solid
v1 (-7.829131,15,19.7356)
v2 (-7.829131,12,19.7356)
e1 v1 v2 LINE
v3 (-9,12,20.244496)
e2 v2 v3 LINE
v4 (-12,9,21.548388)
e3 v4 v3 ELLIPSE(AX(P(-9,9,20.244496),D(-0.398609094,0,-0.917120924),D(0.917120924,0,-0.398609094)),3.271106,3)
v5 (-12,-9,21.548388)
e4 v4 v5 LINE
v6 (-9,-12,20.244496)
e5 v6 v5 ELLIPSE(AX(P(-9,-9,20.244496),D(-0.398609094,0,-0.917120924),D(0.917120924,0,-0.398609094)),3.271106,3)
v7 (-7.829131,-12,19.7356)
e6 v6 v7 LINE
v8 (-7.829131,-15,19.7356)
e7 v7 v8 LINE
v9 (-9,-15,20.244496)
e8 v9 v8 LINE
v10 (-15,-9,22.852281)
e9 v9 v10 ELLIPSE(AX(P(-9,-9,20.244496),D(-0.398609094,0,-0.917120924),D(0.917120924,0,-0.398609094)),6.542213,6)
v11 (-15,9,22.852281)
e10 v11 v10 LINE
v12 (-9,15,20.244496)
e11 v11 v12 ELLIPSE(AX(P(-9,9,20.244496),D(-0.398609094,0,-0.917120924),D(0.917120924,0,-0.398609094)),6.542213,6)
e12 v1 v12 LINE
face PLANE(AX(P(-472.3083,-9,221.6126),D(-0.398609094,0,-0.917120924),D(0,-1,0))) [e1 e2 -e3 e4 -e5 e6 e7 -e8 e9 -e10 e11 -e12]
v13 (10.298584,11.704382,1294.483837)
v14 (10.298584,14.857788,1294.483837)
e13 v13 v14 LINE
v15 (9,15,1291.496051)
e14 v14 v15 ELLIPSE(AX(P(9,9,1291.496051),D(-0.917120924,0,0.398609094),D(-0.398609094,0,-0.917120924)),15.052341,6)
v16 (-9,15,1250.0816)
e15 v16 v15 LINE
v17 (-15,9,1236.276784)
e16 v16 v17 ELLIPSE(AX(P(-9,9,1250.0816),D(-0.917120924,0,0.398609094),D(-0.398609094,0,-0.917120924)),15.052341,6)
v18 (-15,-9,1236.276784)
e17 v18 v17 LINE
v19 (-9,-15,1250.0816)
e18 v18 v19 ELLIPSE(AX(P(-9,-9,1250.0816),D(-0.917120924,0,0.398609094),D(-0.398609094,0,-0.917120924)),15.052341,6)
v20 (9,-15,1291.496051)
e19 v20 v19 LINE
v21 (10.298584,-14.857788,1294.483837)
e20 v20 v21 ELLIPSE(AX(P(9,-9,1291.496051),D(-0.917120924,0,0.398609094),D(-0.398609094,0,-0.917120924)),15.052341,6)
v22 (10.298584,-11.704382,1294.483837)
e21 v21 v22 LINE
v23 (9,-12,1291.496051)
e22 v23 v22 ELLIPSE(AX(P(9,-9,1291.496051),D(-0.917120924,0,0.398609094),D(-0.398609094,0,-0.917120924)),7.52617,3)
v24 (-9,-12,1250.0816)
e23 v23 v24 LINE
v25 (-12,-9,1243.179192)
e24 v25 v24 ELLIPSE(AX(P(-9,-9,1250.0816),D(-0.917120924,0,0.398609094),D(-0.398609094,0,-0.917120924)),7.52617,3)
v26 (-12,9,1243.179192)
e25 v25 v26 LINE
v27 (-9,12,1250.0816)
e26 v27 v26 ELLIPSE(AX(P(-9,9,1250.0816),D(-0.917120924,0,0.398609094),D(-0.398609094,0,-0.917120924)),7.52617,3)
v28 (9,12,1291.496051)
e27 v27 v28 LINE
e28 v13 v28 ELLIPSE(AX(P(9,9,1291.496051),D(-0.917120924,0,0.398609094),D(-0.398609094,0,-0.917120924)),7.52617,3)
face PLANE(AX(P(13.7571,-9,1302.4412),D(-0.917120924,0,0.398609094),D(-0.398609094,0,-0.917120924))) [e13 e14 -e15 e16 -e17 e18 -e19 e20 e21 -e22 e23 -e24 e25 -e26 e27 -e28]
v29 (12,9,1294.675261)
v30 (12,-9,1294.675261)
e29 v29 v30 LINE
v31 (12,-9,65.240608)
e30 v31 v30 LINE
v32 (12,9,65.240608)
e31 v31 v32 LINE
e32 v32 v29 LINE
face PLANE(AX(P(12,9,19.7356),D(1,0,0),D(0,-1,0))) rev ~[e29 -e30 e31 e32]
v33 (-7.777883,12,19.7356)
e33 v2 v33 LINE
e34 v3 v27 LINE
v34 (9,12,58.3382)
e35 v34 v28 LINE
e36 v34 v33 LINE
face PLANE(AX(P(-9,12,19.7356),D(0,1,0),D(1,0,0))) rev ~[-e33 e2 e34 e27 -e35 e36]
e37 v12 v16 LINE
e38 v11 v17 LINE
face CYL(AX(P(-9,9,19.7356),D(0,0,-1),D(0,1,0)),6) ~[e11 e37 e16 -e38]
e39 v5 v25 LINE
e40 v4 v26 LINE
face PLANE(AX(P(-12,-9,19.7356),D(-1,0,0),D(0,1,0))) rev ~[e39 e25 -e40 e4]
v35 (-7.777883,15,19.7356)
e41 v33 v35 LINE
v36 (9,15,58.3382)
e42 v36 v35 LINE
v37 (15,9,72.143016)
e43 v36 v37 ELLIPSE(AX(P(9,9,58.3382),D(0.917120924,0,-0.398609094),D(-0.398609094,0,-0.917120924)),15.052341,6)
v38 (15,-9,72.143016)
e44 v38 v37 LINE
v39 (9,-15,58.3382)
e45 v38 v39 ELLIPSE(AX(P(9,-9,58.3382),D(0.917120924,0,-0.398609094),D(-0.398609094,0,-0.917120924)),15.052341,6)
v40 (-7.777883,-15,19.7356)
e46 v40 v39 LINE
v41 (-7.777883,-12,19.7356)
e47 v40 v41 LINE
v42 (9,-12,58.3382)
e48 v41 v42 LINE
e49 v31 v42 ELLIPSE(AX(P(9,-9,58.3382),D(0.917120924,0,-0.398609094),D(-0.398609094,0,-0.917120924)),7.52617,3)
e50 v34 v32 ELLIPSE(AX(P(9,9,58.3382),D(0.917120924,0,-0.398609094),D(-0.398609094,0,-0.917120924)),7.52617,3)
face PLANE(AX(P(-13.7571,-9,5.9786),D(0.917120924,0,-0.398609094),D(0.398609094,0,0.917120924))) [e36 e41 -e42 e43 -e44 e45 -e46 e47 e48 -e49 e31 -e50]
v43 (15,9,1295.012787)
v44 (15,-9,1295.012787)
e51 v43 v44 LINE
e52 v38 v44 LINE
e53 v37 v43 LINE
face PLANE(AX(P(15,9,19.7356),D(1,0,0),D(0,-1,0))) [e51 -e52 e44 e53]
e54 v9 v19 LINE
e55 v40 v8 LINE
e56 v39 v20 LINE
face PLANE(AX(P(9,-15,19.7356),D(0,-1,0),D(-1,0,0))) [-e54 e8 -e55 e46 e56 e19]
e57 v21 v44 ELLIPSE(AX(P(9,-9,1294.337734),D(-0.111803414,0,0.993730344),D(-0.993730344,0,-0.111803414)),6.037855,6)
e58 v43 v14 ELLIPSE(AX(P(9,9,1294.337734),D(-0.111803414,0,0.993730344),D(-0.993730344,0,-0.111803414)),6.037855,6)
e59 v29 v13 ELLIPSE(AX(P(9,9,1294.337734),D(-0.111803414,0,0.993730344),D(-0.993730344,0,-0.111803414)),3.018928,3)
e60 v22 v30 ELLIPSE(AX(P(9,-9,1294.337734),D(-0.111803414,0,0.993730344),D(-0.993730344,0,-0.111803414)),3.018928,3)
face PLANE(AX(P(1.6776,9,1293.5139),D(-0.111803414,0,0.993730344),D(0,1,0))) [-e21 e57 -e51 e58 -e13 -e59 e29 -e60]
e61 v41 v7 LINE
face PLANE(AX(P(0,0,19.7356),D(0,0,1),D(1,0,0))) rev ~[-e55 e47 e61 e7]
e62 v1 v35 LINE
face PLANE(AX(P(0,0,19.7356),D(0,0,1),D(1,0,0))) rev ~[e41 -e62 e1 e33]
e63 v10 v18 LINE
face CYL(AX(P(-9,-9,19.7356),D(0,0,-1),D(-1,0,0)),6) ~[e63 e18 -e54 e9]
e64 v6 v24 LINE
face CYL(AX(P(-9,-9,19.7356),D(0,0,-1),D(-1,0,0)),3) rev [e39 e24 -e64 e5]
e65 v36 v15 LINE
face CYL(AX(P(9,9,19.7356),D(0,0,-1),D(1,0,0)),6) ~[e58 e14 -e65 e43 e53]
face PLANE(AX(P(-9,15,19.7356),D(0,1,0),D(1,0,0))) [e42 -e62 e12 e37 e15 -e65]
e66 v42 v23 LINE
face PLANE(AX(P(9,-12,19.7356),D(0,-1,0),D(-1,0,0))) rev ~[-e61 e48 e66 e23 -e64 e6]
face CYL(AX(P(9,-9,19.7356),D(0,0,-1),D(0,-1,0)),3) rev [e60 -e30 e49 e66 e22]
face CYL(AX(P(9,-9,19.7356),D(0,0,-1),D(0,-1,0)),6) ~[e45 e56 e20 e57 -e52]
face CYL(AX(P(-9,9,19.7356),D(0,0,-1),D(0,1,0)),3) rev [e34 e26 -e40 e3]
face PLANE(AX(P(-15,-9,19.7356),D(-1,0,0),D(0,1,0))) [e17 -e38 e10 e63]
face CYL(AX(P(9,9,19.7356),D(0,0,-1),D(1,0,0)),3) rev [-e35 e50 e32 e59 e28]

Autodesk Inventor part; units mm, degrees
ref_plane "Start Plane" through (0, 0, 19.7356) normal (0, 0, 1) x (1, 0, 0)
ref_plane "End Plane" through (0, 0, 1295.0132) normal (0, 0, 1) x (1, 0, 0)
sketch "Sketch" plane through (0, 0, 0) normal (0, 0, 1) x (1, 0, 0)
  line L0 (-15, -9) -> (-15, 9)
  line L1 (-9, 15) -> (9, 15)
  line L2 (15, 9) -> (15, -9)
  line L3 (9, -15) -> (-9, -15)
  arc A0 (-15, -9) -> (-9, -15) centre (-9, -9) ccw
  arc A1 (-9, 15) -> (-15, 9) centre (-9, 9) ccw
  arc A2 (15, 9) -> (9, 15) centre (9, 9) ccw
  arc A3 (9, -15) -> (15, -9) centre (9, -9) ccw
  arc A4 (-9, 12) -> (-12, 9) centre (-9, 9) ccw
  line L4 (-9, 12) -> (9, 12)
  arc A5 (12, 9) -> (9, 12) centre (9, 9) ccw
  line L5 (12, 9) -> (12, -9)
  arc A6 (9, -12) -> (12, -9) centre (9, -9) ccw
  line L6 (9, -12) -> (-9, -12)
  arc A7 (-12, -9) -> (-9, -12) centre (-9, -9) ccw
  line L7 (-12, -9) -> (-12, 9)
  line L8 (0, 22.7397) -> (0, -22.7397) construction
  line L9 (-22.7397, 0) -> (22.7397, 0) construction
  dimension "d7" = 6
  dimension "d10" = 30
  dimension "d11" = 30
  dimension "d12" = 3
  dimension "d15" = 15
  dimension "d16" = 15
extrude "Body" add sketch "Sketch" along normal up to surface (1275.2776 mm away) from surface at 19.7356
sketch "Sketch3" plane through (0, 0, 0) normal (0, 0, 1) x (1, 0, 0)
  line L0 (0, 0) -> (10, 0)
ref_plane "Work Plane3" through (0, 0, 0) normal (0, -1, 0) x (1, 0, 0)
ref_plane "Work Plane4" through (-472.3083, -9, 221.6126) normal (-0.3986, 0, -0.9171) x (-0.9171, 0, 0.3986)
split "Split1" plane through (-472.3083, -9, 221.6126) removes the side toward (-0.3986, 0, -0.9171)
ref_plane "Work Plane5" through (-13.7571, -9, 5.9786) normal (0.9171, 0, -0.3986) x (-0.3986, 0, -0.9171)
split "Split2" plane through (-13.7571, -9, 5.9786) removes the side toward (0.9171, 0, -0.3986)
ref_plane "Work Plane6" through (13.7571, -9, 1302.4412) normal (-0.9171, 0, 0.3986) x (0.3986, 0, 0.9171)
split "Split3" plane through (13.7571, -9, 1302.4412) removes the side toward (-0.9171, 0, 0.3986)
ref_plane "Work Plane7" through (1.6776, 9, 1293.5139) normal (-0.1118, 0, 0.9937) x (0.9937, 0, 0.1118)
split "Split4" plane through (1.6776, 9, 1293.5139) removes the side toward (-0.1118, 0, 0.9937)
sketch "Sketch4" plane through (0, 0, 0) normal (0, -1, 0) x (1, 0, 0)
  line L0 (-2, 19.7356) -> (12, 19.7356) projected
  line L1 (-2, 1295.0132) -> (12, 1295.0132) projected
  dimension "d18" = 1275.2776
equation "\"d7\" = G_IR"
equation "\"d10\" = G_H"
equation "\"d11\" = G_W"
equation "\"d12\" = G_T"
equation "\"d15\" = 0.5 * d10"
equation "\"d16\" = 0.5 * d11"
equation "\"d3\" = G_L"
equation "\"G_W\" = 30"
equation "\"G_H\" = 30"
equation "\"G_T\" = 3"
equation "\"G_IR\" = 6"
equation "\"G_L\" = d18"
equation "\"G_OFFSET_START\" = -19.73564"
equation "\"G_OFFSET_END\" = -13.40653"
equation "\"d13\" = -G_OFFSET_START"
equation "\"d14\" = G_OFFSET_END + B_L"
equation "\"B_L\" = 1308.41975"
properties part number "DIN EN 10219-2 - 30 x 30 x 3  - 1275.28" material "Steel, Mild"
